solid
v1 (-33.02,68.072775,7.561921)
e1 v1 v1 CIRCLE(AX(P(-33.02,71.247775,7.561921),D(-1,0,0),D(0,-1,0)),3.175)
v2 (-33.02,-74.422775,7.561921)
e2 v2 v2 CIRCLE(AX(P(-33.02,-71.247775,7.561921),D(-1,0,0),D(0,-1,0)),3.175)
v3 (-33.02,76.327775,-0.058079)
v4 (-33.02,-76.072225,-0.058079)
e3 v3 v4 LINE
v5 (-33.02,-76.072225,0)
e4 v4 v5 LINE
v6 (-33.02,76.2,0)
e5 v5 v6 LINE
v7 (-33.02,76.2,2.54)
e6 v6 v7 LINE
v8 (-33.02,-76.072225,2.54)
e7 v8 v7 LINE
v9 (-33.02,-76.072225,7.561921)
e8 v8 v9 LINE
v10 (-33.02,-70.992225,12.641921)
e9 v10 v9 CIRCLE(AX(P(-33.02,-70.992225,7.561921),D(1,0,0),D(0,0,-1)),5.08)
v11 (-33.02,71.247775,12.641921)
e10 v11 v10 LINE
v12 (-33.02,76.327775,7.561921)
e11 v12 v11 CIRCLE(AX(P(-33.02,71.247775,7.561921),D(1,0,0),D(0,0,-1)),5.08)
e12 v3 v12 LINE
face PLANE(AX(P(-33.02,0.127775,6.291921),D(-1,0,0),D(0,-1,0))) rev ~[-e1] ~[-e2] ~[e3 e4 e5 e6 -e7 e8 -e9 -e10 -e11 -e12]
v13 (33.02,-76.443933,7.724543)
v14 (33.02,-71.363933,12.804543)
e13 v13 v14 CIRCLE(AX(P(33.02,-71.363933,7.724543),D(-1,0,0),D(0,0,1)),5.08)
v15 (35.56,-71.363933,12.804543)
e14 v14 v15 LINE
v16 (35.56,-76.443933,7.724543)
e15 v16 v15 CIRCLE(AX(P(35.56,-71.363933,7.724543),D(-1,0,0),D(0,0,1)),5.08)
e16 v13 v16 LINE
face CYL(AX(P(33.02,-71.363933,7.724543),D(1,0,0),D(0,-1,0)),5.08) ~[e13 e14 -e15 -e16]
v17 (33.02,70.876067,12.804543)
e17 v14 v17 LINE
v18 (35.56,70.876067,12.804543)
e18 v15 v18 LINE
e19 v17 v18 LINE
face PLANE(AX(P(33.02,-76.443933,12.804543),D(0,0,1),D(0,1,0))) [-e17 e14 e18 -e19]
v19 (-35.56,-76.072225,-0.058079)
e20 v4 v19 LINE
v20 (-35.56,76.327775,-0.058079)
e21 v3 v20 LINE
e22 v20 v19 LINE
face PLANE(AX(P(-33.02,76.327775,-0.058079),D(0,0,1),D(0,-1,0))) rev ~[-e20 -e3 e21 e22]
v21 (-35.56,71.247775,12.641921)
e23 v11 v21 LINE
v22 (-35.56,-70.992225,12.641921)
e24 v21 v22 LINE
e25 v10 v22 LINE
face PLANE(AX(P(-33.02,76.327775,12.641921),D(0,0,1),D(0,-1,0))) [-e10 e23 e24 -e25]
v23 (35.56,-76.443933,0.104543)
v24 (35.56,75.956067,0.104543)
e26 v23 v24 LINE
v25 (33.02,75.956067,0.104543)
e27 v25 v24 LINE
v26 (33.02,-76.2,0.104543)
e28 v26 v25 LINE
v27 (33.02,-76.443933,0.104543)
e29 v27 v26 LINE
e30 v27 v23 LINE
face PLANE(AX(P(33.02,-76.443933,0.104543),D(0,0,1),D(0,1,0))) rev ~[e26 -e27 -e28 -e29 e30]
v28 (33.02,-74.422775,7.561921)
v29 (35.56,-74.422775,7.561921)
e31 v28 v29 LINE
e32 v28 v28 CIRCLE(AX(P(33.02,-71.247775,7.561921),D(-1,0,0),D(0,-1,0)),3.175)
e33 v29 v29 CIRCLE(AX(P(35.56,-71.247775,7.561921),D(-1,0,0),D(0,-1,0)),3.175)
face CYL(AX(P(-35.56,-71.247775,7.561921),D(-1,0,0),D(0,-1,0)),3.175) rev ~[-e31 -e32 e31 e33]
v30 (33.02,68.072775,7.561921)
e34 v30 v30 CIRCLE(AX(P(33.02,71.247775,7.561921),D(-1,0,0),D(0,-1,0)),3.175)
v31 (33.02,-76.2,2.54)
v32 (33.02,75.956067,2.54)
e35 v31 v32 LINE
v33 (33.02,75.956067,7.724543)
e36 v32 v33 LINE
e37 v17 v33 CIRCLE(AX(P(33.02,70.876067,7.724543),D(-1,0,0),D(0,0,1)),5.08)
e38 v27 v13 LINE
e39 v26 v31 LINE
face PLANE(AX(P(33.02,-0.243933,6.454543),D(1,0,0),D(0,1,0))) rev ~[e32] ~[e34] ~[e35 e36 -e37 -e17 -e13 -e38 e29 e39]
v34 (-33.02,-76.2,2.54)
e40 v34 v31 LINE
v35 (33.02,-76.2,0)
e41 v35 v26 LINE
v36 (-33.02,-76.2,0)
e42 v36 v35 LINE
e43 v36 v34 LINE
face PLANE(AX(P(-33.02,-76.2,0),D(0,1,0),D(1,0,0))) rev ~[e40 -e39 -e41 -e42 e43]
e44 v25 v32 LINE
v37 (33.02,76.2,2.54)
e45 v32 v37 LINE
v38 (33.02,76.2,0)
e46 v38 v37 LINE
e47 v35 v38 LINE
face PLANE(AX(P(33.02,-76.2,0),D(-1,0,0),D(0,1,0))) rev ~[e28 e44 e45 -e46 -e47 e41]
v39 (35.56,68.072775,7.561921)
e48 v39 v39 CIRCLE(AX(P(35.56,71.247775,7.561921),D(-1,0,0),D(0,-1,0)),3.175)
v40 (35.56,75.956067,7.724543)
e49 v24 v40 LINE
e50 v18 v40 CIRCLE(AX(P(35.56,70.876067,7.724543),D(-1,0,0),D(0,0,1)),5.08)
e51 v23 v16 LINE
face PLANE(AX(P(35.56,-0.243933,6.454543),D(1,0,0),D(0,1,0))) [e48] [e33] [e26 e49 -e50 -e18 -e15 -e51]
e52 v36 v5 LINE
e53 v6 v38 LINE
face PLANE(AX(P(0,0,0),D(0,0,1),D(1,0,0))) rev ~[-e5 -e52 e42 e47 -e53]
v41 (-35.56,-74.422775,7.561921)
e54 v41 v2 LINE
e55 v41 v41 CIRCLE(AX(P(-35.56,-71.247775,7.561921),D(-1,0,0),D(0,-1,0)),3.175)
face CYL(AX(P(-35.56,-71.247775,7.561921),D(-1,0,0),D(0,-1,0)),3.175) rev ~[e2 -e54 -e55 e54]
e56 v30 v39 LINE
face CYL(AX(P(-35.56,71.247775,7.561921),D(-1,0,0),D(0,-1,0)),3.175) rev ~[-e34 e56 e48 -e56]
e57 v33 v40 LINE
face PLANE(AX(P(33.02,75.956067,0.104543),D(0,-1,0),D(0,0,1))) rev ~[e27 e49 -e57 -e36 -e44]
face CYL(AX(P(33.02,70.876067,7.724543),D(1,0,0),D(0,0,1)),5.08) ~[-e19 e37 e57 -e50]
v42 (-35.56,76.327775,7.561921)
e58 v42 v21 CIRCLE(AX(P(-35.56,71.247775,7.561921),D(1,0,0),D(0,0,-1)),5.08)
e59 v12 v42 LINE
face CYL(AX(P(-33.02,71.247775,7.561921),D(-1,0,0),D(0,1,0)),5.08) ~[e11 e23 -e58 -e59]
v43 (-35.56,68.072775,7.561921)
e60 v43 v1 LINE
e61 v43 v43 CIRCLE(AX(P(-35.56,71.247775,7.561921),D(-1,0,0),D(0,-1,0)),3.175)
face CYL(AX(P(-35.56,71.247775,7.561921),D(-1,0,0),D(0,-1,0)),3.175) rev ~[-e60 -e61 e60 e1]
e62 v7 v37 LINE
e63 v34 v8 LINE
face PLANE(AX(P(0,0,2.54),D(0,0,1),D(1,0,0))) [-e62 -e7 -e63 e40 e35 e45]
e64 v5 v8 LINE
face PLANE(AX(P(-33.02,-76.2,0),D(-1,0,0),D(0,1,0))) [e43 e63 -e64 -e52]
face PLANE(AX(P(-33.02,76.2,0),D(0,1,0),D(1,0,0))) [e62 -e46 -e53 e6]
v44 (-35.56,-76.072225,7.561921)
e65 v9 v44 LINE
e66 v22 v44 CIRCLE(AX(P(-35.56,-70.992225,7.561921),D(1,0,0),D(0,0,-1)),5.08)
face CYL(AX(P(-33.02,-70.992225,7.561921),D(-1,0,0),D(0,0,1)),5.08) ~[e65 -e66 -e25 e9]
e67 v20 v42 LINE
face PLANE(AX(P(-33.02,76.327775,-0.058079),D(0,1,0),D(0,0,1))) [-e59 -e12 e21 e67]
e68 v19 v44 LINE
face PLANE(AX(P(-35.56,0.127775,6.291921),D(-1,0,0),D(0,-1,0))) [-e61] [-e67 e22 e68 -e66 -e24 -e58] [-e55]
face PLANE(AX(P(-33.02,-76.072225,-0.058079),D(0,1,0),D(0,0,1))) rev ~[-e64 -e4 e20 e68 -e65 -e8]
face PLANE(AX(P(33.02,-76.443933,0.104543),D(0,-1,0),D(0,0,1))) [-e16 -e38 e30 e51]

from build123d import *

# Parameters (mm, degrees)
F0_W     = 66.04
F0_H     = 152.4
F1_DEPTH = 2.54
F2_W     = 152.4
F2_H     = 12.7
F3_DEPTH = 2.54
F4_W     = 152.4
F4_H     = 12.7
F5_DEPTH = 2.54
F6_R     = 5.08
F7_R     = 3.175
F8_DEPTH = 90.17


with BuildPart() as f1:
    # F0 (on Top) → F1 (new body)
    with BuildSketch(Plane.XY):
        Rectangle(F0_W, F0_H)
    extrude(amount=F1_DEPTH)

    # F2 (on face) → F3 (join)
    with BuildSketch(Plane.YZ.offset(33.02)):
        with Locations((-0.243933, 6.454543)):
            Rectangle(F2_W, F2_H)
    extrude(amount=F3_DEPTH)

    # F4 (on face) → F5 (join)
    with BuildSketch(Plane(origin=(-33.02, 0, 0), x_dir=(0, -1, 0), z_dir=(-1, 0, 0))):
        with Locations((-0.127775, 6.291921)):
            Rectangle(F4_W, F4_H)
    extrude(amount=F5_DEPTH)

    # F6
    f6_edges = [f1.edges().sort_by_distance(p)[0] for p in [
        (34.29, -76.443933, 12.804543),
        (-34.29, -76.072225, 12.641921),
        (34.29, 75.956067, 12.804543),
        (-34.29, 76.327775, 12.641921),
    ]]
    fillet(f6_edges, radius=F6_R)

    # F7 (on face) → F8 (cut)
    with BuildSketch(Plane(origin=(-35.56, 0, 0), x_dir=(0, -1, 0), z_dir=(-1, 0, 0))):
        with Locations((-71.247775, 7.561921)):
            Circle(F7_R)
        with Locations((71.247775, 7.561921)):
            Circle(F7_R)
    extrude(amount=-F8_DEPTH, mode=Mode.SUBTRACT)


solid = f1.part
